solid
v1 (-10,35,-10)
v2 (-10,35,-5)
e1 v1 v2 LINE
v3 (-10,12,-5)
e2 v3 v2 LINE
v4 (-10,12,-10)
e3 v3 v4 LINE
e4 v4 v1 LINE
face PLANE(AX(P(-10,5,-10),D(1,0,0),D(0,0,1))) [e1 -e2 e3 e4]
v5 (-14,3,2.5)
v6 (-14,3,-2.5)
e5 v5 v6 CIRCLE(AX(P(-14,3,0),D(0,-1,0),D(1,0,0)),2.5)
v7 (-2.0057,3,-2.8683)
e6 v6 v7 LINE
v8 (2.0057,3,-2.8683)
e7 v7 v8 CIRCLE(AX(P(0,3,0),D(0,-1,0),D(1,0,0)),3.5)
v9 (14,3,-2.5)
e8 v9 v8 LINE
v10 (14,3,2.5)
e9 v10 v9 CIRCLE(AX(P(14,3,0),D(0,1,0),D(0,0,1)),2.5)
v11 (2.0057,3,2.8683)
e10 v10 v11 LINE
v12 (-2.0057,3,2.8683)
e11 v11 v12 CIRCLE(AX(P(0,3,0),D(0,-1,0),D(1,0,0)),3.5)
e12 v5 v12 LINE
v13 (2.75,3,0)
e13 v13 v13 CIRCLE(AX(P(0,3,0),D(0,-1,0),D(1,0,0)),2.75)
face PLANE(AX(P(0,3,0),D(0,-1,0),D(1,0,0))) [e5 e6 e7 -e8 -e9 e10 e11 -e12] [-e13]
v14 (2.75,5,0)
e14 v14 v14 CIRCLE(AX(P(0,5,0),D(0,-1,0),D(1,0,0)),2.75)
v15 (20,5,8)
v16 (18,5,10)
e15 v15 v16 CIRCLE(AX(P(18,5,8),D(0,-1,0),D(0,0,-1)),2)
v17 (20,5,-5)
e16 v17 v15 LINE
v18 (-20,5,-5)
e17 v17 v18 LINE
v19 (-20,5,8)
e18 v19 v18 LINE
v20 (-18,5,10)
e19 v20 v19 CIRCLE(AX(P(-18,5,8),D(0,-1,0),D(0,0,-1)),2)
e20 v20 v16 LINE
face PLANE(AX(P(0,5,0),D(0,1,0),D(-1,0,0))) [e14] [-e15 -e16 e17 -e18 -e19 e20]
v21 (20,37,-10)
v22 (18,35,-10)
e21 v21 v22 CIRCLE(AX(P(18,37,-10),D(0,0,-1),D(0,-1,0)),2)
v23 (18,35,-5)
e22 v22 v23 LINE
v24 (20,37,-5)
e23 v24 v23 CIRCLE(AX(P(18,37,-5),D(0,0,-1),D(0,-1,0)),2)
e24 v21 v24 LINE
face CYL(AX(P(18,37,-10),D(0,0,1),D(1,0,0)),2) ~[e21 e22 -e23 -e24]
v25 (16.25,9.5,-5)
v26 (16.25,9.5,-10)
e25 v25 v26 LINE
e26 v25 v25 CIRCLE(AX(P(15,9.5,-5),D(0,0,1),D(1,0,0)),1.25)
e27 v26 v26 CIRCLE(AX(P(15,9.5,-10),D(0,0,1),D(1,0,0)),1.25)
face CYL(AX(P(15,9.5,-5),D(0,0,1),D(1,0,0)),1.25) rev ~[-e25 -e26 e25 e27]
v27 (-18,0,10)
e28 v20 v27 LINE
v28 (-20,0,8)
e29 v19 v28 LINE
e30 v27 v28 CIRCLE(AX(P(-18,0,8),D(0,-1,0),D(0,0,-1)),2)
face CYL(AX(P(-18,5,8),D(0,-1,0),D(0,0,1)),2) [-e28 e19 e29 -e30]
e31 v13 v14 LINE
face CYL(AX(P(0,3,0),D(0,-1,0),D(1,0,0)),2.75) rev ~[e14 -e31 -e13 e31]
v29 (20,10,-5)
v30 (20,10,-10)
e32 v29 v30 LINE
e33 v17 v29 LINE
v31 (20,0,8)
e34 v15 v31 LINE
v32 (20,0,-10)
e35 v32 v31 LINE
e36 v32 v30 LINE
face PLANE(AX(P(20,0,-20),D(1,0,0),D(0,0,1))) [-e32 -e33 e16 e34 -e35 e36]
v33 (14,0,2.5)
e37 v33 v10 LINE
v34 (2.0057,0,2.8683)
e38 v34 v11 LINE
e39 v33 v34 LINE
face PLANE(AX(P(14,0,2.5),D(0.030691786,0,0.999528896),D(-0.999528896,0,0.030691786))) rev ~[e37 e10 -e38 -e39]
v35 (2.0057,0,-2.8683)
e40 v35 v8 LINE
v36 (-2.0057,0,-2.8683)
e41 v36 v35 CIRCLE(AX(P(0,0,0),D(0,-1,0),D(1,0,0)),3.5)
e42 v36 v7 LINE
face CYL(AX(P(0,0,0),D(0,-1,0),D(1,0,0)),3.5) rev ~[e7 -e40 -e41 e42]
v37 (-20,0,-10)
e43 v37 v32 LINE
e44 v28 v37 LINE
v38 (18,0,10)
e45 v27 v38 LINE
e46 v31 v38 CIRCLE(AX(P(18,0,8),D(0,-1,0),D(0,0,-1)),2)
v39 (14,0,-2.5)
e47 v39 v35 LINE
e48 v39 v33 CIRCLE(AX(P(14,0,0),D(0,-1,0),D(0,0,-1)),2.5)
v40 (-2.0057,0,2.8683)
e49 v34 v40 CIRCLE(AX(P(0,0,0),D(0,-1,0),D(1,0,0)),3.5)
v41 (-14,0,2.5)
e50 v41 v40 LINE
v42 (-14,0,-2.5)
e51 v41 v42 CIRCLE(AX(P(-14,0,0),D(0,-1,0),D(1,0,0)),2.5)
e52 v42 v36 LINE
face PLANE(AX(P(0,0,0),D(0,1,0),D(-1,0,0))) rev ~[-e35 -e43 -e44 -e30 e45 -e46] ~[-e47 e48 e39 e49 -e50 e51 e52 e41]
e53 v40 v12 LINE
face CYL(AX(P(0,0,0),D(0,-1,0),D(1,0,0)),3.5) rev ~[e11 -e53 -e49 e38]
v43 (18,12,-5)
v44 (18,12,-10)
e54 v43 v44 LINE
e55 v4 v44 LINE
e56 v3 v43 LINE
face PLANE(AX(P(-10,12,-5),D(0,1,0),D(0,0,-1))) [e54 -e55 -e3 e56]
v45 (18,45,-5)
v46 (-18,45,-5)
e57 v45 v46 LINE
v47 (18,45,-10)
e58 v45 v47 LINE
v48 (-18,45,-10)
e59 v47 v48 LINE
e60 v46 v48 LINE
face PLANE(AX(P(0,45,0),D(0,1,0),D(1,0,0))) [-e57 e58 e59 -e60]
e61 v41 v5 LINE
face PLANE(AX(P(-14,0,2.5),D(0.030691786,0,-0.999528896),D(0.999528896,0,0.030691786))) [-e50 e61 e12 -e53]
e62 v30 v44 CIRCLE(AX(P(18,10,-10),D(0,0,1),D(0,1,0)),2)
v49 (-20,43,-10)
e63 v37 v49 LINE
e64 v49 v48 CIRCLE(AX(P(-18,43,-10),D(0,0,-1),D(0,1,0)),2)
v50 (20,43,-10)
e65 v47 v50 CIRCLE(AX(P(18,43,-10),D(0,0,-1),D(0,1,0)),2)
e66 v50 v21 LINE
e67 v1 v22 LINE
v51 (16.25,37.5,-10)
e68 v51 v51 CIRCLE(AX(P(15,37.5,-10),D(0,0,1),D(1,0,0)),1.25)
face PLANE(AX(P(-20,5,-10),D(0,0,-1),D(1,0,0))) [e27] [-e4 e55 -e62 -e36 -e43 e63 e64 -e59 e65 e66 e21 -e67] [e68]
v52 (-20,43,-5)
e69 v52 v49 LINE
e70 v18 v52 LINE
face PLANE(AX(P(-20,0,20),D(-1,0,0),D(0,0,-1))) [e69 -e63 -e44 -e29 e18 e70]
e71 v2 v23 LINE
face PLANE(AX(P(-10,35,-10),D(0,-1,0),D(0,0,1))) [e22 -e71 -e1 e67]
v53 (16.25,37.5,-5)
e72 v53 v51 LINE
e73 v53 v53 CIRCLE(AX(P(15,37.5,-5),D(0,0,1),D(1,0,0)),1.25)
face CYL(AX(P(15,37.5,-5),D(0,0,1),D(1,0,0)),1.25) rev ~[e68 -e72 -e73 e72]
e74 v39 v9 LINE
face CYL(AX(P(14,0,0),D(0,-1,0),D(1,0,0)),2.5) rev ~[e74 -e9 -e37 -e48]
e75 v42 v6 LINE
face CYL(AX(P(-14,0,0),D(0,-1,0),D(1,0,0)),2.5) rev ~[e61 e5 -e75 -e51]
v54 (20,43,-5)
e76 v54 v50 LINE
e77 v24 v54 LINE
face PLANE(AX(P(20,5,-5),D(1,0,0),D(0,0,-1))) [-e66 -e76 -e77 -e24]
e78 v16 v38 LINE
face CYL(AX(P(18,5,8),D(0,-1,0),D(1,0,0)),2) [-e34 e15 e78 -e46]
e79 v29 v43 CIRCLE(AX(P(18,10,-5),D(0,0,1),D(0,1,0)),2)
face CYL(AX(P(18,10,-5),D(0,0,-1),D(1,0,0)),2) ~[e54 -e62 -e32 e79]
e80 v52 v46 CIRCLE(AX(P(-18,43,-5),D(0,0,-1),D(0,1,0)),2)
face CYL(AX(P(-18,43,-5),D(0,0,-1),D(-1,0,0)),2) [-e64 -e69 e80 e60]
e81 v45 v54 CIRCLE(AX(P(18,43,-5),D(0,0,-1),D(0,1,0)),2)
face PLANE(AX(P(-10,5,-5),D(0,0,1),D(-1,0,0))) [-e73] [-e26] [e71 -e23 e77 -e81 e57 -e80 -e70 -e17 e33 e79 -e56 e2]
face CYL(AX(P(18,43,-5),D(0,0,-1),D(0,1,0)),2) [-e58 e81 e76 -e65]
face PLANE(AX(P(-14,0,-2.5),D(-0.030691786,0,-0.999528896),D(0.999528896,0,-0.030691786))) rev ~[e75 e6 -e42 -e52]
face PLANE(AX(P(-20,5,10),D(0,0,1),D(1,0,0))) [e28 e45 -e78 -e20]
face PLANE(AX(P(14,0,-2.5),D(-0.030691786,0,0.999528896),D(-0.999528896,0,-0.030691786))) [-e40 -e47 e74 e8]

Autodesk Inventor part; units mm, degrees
ref_plane "YZ Plane" through (0, 0, 0) normal (1, 0, 0) x (0, 1, 0)
ref_plane "XZ Plane" through (0, 0, 0) normal (0, 1, 0) x (-1, 0, 0)
ref_plane "XY Plane" through (0, 0, 0) normal (0, 0, 1) x (1, 0, 0)
sketch "Sketch1" plane through (0, 0, 0) normal (0, 1, 0) x (-1, 0, 0)
  line L0 (-20, 20) -> (20, 20)
  line L1 (20, 20) -> (20, -20)
  line L2 (20, -20) -> (-20, -20)
  line L3 (-20, -20) -> (-20, 20)
  line L4 (-20, 20) -> (20, -20) construction
  line L5 (20, 20) -> (-20, -20) construction
  point P0 (0, 0)
  dimension "d0" = 40
  dimension "d1" = 40
extrude "Extrusion1" add sketch "Sketch1" along normal blind 5
sketch "Sketch4" plane through (0, 5, 0) normal (0, 1, 0) x (1, 0, 0)
  line L0 (-20, 10) -> (-10, 10)
  line L1 (-10, 10) -> (-10, 5)
  line L2 (-10, 5) -> (-20, 5)
  line L3 (-20, 5) -> (-20, 10)
  line L4 (-20, 10) -> (-10, 5) construction
  line L5 (-10, 10) -> (-20, 5) construction
  line L6 (-20, -20) -> (20, -20) projected
  line L7 (20, -20) -> (20, 20) projected
  line L8 (-20, 20) -> (-20, -20) projected
  point P0 (-15, 7.5)
  dimension "d20" = 10
  dimension "d21" = 5
  dimension "d23" = 25
extrude "Extrusion4" add sketch "Sketch4" along normal blind 40
sketch "Sketch8" plane through (-10, 5, -5) normal (1, 0, 0) x (0, 0, -1)
  line L0 (0, 40) -> (5, 40)
  line L1 (5, 40) -> (5, 30)
  line L2 (5, 30) -> (0, 30)
  line L3 (0, 30) -> (0, 40)
  line L4 (0, 7) -> (5, 7)
  line L5 (5, 7) -> (5, 0)
  line L6 (5, 0) -> (0, 0)
  line L7 (0, 0) -> (0, 7)
  line L8 (5, 0) -> (5, 40) projected
  line L9 (0, 40) -> (5, 40) projected
  point P0 (-5, -5)
  dimension "d44" = 5
  dimension "d45" = 10
  dimension "d46" = 5
  dimension "d47" = 7
  dimension "d48" = 23
extrude "Extrusion7" add sketch "Sketch8" along normal blind 30
sketch "Sketch9" plane through (-20, 5, -5) normal (0, 0, 1) x (1, 0, 0)
  circle A0 centre (35, 32.5) radius 1.25
  circle A1 centre (35, 4.5) radius 1.25
  line L0 (10, 30) -> (40, 30) projected
  line L1 (40, 40) -> (40, 30) projected
  line L2 (40, 7) -> (40, 0) projected
  point P0 (20, -5)
  dimension "d51" = 2.5
  dimension "d52" = 2.5
  dimension "d53" = 28
  dimension "d54" = 2.5
  dimension "d55" = 5
  dimension "d56" = 5
extrude "Extrusion8" cut sketch "Sketch9" against normal blind 5
sketch "Sketch11" plane through (0, 5, 0) normal (0, 1, 0) x (1, 0, 0)
  line L0 (20, -20) -> (-20, -20)
  line L1 (-20, -20) -> (-20, -10)
  line L2 (-20, -10) -> (20, -10)
  line L3 (20, -10) -> (20, -20)
  line L4 (-20, 10) -> (20, 10)
  line L5 (20, 10) -> (20, 20)
  line L6 (20, 20) -> (-20, 20)
  line L7 (-20, 20) -> (-20, 10)
  line L8 (20, 20) -> (-20, 20) projected
  line L9 (-20, -20) -> (20, -20) projected
  line L10 (20, -20) -> (20, 5) projected
  line L11 (20, 10) -> (20, 20) projected
  point P0 (0, 0)
  dimension "d59" = 40
  dimension "d60" = 10
  dimension "d61" = 40
  dimension "d62" = 10
extrude "Extrusion9" cut sketch "Sketch11" against normal blind 5
sketch "Sketch12" plane through (0, 0, 0) normal (0, -1, 0) x (1, 0, 0)
  circle A0 centre (0, 0) radius 3.5
  circle A1 centre (14, 0) radius 2.5
  circle A2 centre (-14, 0) radius 2.5
  line L0 (-20, -10) -> (20, -10) projected
  line L1 (-14, 2.5) -> (-2.0057, 2.8683)
  line L2 (-14, -2.5) -> (-2.0057, -2.8683)
  line L3 (14, 2.5) -> (2.0057, 2.8683)
  line L4 (14, -2.5) -> (2.0057, -2.8683)
  dimension "d65" = 7
  dimension "d66" = 5
  dimension "d67" = 5
  dimension "d68" = 14
  dimension "d69" = 10
  dimension "d70" = 10
  dimension "d71" = 14
  dimension "d72" = 12
  dimension "d73" = 12
extrude "Extrusion10" cut sketch "Sketch12" against normal blind 3
sketch "Sketch13" plane through (0, 3, 0) normal (0, -1, 0) x (1, 0, 0)
  circle A0 centre (0, 0) radius 2.75
  dimension "d76" = 5.5
extrude "Extrusion11" cut sketch "Sketch13" against normal blind 3
fillet "Fillet1" radius 2 6 edges at (20, 45, -7.5) (20, 35, -7.5) (20, 12, -7.5) (20, 2.5, 10) (-20, 2.5, 10) (-20, 45, -7.5)
properties part number "head_bottom"
